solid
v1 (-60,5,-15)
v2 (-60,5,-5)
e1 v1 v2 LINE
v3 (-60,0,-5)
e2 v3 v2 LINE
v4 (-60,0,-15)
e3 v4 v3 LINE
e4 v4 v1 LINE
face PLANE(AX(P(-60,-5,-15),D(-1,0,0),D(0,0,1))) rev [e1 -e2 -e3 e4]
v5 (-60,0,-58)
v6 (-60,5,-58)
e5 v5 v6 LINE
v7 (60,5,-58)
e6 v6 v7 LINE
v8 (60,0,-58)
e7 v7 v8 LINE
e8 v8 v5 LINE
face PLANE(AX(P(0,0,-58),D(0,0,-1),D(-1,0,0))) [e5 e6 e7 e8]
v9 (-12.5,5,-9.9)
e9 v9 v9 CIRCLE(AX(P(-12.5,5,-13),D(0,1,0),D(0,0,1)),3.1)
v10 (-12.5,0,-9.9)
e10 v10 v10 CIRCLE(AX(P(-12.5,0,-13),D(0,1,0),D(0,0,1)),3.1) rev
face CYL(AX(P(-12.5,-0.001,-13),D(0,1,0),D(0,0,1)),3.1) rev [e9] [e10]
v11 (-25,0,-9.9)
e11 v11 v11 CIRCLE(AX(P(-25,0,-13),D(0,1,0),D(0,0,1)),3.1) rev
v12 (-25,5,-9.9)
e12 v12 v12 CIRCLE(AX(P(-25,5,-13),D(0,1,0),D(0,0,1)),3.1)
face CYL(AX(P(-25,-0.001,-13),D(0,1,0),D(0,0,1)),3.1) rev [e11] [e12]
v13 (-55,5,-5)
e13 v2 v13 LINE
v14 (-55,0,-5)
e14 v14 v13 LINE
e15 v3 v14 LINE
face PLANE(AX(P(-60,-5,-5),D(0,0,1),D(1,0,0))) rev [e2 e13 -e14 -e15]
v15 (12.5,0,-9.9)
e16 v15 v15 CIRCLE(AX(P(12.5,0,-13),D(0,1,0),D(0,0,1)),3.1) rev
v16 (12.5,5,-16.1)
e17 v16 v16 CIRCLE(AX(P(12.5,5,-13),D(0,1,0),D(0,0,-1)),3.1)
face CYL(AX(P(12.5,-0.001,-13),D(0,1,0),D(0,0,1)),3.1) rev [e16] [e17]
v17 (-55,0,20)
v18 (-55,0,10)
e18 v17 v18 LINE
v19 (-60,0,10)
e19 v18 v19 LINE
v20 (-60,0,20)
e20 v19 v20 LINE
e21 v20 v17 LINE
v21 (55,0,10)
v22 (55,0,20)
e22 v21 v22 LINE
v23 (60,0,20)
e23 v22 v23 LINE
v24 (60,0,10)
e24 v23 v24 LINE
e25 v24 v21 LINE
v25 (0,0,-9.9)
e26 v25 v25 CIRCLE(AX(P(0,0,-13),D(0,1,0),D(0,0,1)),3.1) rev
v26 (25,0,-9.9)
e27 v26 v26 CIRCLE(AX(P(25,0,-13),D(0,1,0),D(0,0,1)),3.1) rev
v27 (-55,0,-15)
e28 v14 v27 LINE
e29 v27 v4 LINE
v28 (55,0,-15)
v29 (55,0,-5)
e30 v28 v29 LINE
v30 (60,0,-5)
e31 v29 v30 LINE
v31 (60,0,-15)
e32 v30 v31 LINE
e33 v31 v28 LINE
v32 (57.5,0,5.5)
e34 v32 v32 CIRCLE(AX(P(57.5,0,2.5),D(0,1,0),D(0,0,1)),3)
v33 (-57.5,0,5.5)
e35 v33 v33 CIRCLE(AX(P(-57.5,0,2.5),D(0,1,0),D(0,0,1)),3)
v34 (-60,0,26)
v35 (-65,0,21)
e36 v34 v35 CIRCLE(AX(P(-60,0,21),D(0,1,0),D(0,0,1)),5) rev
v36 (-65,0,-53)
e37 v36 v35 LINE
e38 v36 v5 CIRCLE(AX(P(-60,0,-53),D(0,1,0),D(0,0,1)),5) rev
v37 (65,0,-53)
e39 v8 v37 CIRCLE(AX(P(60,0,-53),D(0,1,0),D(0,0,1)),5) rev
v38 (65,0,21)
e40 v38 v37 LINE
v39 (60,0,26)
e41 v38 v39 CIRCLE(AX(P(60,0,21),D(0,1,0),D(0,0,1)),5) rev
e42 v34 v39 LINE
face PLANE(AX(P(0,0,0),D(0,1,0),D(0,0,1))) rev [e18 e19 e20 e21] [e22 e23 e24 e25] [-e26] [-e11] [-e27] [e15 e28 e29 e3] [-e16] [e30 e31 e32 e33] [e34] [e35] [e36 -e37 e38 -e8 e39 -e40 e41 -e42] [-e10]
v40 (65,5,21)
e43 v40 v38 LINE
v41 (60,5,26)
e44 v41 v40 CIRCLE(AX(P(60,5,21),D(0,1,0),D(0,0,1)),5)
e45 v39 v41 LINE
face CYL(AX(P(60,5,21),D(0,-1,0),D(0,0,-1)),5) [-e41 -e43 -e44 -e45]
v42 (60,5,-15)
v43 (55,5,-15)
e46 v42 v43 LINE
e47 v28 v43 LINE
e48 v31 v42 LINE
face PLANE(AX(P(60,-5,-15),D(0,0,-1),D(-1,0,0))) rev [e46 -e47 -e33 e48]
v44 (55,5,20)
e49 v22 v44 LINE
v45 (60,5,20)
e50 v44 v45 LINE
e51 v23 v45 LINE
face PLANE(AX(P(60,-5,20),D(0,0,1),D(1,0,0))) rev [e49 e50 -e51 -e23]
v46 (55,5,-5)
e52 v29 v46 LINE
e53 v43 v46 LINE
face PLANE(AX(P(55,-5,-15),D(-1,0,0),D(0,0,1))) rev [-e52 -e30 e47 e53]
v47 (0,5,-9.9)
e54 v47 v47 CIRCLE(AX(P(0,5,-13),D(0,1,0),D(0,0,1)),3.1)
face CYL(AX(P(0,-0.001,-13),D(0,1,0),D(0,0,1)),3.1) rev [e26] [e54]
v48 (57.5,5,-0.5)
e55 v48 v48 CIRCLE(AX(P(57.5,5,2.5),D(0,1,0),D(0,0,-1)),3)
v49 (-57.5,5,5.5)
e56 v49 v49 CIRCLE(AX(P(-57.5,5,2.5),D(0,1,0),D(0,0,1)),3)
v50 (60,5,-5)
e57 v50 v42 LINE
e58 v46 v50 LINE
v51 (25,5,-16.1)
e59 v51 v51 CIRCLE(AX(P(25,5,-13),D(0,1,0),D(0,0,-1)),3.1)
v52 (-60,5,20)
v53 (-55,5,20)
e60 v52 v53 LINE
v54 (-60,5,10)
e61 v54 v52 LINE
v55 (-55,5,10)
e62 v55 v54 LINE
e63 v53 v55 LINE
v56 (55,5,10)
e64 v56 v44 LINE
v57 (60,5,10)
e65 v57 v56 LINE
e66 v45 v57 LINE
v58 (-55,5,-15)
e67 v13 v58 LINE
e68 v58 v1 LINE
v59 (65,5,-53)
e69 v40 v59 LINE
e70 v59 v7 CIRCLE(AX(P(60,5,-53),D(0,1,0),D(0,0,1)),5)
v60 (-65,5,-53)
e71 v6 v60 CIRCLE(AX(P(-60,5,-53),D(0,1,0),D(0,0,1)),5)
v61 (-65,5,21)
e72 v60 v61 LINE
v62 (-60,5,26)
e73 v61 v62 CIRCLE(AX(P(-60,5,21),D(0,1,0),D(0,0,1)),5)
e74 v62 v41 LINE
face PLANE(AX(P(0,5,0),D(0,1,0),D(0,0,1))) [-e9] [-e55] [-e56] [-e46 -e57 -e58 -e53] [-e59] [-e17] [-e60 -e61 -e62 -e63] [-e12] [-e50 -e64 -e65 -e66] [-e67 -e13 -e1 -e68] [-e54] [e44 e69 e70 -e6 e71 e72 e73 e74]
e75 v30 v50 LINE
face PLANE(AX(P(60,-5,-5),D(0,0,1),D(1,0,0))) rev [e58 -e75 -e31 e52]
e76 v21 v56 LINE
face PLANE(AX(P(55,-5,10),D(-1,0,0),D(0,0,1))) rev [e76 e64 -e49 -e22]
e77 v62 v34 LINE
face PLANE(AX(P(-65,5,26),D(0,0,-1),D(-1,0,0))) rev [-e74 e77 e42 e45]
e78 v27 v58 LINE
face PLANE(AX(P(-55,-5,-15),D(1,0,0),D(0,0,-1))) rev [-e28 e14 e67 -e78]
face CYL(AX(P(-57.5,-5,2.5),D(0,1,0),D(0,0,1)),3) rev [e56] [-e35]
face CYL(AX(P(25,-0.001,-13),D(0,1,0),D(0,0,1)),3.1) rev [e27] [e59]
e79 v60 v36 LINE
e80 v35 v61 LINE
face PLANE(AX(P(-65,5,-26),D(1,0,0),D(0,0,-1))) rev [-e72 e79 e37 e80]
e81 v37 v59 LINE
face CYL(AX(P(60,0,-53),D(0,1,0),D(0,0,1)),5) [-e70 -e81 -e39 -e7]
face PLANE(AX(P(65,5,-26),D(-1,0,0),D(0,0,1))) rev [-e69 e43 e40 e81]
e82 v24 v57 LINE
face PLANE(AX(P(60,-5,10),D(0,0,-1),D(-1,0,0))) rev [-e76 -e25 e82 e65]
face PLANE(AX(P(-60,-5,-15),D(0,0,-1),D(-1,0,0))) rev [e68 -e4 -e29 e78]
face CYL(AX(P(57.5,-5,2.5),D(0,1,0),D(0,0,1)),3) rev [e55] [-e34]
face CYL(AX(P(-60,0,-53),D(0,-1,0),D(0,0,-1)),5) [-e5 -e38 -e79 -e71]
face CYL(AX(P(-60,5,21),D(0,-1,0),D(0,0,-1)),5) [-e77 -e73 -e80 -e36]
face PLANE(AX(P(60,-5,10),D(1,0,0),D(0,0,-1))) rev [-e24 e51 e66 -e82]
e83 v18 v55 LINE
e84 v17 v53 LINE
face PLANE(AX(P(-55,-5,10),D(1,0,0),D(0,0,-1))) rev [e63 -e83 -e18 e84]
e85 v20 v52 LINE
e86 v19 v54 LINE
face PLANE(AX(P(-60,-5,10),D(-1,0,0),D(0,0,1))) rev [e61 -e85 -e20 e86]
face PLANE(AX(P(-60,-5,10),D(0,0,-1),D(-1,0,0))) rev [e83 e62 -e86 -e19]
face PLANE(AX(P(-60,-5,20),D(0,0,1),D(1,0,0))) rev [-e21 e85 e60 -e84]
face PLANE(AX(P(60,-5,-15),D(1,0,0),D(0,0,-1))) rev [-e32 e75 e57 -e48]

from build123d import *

# Parameters (mm, degrees)
SKETCH1_W           = 130
SKETCH1_H           = 52
BOSS_EXTRUDE1_DEPTH = 5
SKETCH2_W           = 130
SKETCH2_H           = 5
BOSS_EXTRUDE2_DEPTH = 32
SKETCH3_R           = 3
SKETCH3_W           = 5
SKETCH3_H           = 10
CUT_EXTRUDE1_DEPTH  = 10
FILLET1_R           = 5
CUT_EXTRUDE2_REACH  = 89.258
SKETCH4_R           = 3.1


with BuildPart() as part:
    # Sketch1 → Boss-Extrude1 (new body)
    with BuildSketch(Plane(origin=(0, 0, 0), x_dir=(1, 0, 0), z_dir=(0, 1, 0))):
        Rectangle(SKETCH1_W, SKETCH1_H)
    extrude(amount=BOSS_EXTRUDE1_DEPTH)

    # Sketch2 → Boss-Extrude2 (add)
    with BuildSketch(Plane(origin=(0, 0, -26), x_dir=(-1, 0, 0), z_dir=(0, 0, -1))):
        with Locations((0, 2.5)):
            Rectangle(SKETCH2_W, SKETCH2_H)
    extrude(amount=BOSS_EXTRUDE2_DEPTH)

    # Sketch3 → Cut-Extrude1 (cut)
    with BuildSketch(Plane(origin=(0, 5, 0), x_dir=(1, 0, 0), z_dir=(0, 1, 0))):
        with Locations(Location((-57.5, -2.5, 0), (0, 0, 270))):
            Circle(SKETCH3_R)
        with Locations(Location((57.5, -2.5, 0), (0, 0, 270))):
            Circle(SKETCH3_R)
        with Locations((57.5, 10)):
            Rectangle(SKETCH3_W, SKETCH3_H)
        with Locations((-57.5, -15)):
            Rectangle(SKETCH3_W, SKETCH3_H)
        with Locations((-57.5, 10)):
            Rectangle(SKETCH3_W, SKETCH3_H)
        with Locations((57.5, -15)):
            Rectangle(SKETCH3_W, SKETCH3_H)
    extrude(amount=-CUT_EXTRUDE1_DEPTH, mode=Mode.SUBTRACT)

    # Fillet1
    fillet1_edges = [part.edges().sort_by_distance(p)[0] for p in [
        (65, 2.5, -58),
        (-65, 2.5, -58),
        (65, 2.5, 26),
        (-65, 2.5, 26),
    ]]
    fillet(fillet1_edges, radius=FILLET1_R)

    # Sketch4 → Cut-Extrude2 (cut, up to next)
    with BuildSketch(Plane(origin=(0, 5, 0), x_dir=(1, 0, 0), z_dir=(0, 1, 0)), mode=Mode.PRIVATE) as cut_extrude2_sk1:
        with Locations(Location((-12.5, 13, 0), (0, 0, 270))):
            Circle(SKETCH4_R)
    cut_extrude2_tool1 = extrude(cut_extrude2_sk1.sketch, amount=-CUT_EXTRUDE2_REACH, mode=Mode.PRIVATE) & part.part
    # Sketch4 → Cut-Extrude2 (cut, up to next)
    with BuildSketch(Plane(origin=(0, 5, 0), x_dir=(1, 0, 0), z_dir=(0, 1, 0)), mode=Mode.PRIVATE) as cut_extrude2_sk2:
        with Locations(Location((-25, 13, 0), (0, 0, 270))):
            Circle(SKETCH4_R)
    cut_extrude2_tool2 = extrude(cut_extrude2_sk2.sketch, amount=-CUT_EXTRUDE2_REACH, mode=Mode.PRIVATE) & part.part
    # Sketch4 → Cut-Extrude2 (cut, up to next)
    with BuildSketch(Plane(origin=(0, 5, 0), x_dir=(1, 0, 0), z_dir=(0, 1, 0)), mode=Mode.PRIVATE) as cut_extrude2_sk3:
        with Locations(Location((0, 13, 0), (0, 0, 270))):
            Circle(SKETCH4_R)
    cut_extrude2_tool3 = extrude(cut_extrude2_sk3.sketch, amount=-CUT_EXTRUDE2_REACH, mode=Mode.PRIVATE) & part.part
    # Sketch4 → Cut-Extrude2 (cut, up to next)
    with BuildSketch(Plane(origin=(0, 5, 0), x_dir=(1, 0, 0), z_dir=(0, 1, 0)), mode=Mode.PRIVATE) as cut_extrude2_sk4:
        with Locations(Location((12.5, 13, 0), (0, 0, 270))):
            Circle(SKETCH4_R)
    cut_extrude2_tool4 = extrude(cut_extrude2_sk4.sketch, amount=-CUT_EXTRUDE2_REACH, mode=Mode.PRIVATE) & part.part
    # Sketch4 → Cut-Extrude2 (cut, up to next)
    with BuildSketch(Plane(origin=(0, 5, 0), x_dir=(1, 0, 0), z_dir=(0, 1, 0)), mode=Mode.PRIVATE) as cut_extrude2_sk5:
        with Locations(Location((25, 13, 0), (0, 0, 270))):
            Circle(SKETCH4_R)
    cut_extrude2_tool5 = extrude(cut_extrude2_sk5.sketch, amount=-CUT_EXTRUDE2_REACH, mode=Mode.PRIVATE) & part.part
    add(cut_extrude2_tool1.solids().sort_by_distance((-12.5, 5, -13))[0], mode=Mode.SUBTRACT)
    add(cut_extrude2_tool2.solids().sort_by_distance((-25, 5, -13))[0], mode=Mode.SUBTRACT)
    add(cut_extrude2_tool3.solids().sort_by_distance((0, 5, -13))[0], mode=Mode.SUBTRACT)
    add(cut_extrude2_tool4.solids().sort_by_distance((12.5, 5, -13))[0], mode=Mode.SUBTRACT)
    add(cut_extrude2_tool5.solids().sort_by_distance((25, 5, -13))[0], mode=Mode.SUBTRACT)


solid = part.part
